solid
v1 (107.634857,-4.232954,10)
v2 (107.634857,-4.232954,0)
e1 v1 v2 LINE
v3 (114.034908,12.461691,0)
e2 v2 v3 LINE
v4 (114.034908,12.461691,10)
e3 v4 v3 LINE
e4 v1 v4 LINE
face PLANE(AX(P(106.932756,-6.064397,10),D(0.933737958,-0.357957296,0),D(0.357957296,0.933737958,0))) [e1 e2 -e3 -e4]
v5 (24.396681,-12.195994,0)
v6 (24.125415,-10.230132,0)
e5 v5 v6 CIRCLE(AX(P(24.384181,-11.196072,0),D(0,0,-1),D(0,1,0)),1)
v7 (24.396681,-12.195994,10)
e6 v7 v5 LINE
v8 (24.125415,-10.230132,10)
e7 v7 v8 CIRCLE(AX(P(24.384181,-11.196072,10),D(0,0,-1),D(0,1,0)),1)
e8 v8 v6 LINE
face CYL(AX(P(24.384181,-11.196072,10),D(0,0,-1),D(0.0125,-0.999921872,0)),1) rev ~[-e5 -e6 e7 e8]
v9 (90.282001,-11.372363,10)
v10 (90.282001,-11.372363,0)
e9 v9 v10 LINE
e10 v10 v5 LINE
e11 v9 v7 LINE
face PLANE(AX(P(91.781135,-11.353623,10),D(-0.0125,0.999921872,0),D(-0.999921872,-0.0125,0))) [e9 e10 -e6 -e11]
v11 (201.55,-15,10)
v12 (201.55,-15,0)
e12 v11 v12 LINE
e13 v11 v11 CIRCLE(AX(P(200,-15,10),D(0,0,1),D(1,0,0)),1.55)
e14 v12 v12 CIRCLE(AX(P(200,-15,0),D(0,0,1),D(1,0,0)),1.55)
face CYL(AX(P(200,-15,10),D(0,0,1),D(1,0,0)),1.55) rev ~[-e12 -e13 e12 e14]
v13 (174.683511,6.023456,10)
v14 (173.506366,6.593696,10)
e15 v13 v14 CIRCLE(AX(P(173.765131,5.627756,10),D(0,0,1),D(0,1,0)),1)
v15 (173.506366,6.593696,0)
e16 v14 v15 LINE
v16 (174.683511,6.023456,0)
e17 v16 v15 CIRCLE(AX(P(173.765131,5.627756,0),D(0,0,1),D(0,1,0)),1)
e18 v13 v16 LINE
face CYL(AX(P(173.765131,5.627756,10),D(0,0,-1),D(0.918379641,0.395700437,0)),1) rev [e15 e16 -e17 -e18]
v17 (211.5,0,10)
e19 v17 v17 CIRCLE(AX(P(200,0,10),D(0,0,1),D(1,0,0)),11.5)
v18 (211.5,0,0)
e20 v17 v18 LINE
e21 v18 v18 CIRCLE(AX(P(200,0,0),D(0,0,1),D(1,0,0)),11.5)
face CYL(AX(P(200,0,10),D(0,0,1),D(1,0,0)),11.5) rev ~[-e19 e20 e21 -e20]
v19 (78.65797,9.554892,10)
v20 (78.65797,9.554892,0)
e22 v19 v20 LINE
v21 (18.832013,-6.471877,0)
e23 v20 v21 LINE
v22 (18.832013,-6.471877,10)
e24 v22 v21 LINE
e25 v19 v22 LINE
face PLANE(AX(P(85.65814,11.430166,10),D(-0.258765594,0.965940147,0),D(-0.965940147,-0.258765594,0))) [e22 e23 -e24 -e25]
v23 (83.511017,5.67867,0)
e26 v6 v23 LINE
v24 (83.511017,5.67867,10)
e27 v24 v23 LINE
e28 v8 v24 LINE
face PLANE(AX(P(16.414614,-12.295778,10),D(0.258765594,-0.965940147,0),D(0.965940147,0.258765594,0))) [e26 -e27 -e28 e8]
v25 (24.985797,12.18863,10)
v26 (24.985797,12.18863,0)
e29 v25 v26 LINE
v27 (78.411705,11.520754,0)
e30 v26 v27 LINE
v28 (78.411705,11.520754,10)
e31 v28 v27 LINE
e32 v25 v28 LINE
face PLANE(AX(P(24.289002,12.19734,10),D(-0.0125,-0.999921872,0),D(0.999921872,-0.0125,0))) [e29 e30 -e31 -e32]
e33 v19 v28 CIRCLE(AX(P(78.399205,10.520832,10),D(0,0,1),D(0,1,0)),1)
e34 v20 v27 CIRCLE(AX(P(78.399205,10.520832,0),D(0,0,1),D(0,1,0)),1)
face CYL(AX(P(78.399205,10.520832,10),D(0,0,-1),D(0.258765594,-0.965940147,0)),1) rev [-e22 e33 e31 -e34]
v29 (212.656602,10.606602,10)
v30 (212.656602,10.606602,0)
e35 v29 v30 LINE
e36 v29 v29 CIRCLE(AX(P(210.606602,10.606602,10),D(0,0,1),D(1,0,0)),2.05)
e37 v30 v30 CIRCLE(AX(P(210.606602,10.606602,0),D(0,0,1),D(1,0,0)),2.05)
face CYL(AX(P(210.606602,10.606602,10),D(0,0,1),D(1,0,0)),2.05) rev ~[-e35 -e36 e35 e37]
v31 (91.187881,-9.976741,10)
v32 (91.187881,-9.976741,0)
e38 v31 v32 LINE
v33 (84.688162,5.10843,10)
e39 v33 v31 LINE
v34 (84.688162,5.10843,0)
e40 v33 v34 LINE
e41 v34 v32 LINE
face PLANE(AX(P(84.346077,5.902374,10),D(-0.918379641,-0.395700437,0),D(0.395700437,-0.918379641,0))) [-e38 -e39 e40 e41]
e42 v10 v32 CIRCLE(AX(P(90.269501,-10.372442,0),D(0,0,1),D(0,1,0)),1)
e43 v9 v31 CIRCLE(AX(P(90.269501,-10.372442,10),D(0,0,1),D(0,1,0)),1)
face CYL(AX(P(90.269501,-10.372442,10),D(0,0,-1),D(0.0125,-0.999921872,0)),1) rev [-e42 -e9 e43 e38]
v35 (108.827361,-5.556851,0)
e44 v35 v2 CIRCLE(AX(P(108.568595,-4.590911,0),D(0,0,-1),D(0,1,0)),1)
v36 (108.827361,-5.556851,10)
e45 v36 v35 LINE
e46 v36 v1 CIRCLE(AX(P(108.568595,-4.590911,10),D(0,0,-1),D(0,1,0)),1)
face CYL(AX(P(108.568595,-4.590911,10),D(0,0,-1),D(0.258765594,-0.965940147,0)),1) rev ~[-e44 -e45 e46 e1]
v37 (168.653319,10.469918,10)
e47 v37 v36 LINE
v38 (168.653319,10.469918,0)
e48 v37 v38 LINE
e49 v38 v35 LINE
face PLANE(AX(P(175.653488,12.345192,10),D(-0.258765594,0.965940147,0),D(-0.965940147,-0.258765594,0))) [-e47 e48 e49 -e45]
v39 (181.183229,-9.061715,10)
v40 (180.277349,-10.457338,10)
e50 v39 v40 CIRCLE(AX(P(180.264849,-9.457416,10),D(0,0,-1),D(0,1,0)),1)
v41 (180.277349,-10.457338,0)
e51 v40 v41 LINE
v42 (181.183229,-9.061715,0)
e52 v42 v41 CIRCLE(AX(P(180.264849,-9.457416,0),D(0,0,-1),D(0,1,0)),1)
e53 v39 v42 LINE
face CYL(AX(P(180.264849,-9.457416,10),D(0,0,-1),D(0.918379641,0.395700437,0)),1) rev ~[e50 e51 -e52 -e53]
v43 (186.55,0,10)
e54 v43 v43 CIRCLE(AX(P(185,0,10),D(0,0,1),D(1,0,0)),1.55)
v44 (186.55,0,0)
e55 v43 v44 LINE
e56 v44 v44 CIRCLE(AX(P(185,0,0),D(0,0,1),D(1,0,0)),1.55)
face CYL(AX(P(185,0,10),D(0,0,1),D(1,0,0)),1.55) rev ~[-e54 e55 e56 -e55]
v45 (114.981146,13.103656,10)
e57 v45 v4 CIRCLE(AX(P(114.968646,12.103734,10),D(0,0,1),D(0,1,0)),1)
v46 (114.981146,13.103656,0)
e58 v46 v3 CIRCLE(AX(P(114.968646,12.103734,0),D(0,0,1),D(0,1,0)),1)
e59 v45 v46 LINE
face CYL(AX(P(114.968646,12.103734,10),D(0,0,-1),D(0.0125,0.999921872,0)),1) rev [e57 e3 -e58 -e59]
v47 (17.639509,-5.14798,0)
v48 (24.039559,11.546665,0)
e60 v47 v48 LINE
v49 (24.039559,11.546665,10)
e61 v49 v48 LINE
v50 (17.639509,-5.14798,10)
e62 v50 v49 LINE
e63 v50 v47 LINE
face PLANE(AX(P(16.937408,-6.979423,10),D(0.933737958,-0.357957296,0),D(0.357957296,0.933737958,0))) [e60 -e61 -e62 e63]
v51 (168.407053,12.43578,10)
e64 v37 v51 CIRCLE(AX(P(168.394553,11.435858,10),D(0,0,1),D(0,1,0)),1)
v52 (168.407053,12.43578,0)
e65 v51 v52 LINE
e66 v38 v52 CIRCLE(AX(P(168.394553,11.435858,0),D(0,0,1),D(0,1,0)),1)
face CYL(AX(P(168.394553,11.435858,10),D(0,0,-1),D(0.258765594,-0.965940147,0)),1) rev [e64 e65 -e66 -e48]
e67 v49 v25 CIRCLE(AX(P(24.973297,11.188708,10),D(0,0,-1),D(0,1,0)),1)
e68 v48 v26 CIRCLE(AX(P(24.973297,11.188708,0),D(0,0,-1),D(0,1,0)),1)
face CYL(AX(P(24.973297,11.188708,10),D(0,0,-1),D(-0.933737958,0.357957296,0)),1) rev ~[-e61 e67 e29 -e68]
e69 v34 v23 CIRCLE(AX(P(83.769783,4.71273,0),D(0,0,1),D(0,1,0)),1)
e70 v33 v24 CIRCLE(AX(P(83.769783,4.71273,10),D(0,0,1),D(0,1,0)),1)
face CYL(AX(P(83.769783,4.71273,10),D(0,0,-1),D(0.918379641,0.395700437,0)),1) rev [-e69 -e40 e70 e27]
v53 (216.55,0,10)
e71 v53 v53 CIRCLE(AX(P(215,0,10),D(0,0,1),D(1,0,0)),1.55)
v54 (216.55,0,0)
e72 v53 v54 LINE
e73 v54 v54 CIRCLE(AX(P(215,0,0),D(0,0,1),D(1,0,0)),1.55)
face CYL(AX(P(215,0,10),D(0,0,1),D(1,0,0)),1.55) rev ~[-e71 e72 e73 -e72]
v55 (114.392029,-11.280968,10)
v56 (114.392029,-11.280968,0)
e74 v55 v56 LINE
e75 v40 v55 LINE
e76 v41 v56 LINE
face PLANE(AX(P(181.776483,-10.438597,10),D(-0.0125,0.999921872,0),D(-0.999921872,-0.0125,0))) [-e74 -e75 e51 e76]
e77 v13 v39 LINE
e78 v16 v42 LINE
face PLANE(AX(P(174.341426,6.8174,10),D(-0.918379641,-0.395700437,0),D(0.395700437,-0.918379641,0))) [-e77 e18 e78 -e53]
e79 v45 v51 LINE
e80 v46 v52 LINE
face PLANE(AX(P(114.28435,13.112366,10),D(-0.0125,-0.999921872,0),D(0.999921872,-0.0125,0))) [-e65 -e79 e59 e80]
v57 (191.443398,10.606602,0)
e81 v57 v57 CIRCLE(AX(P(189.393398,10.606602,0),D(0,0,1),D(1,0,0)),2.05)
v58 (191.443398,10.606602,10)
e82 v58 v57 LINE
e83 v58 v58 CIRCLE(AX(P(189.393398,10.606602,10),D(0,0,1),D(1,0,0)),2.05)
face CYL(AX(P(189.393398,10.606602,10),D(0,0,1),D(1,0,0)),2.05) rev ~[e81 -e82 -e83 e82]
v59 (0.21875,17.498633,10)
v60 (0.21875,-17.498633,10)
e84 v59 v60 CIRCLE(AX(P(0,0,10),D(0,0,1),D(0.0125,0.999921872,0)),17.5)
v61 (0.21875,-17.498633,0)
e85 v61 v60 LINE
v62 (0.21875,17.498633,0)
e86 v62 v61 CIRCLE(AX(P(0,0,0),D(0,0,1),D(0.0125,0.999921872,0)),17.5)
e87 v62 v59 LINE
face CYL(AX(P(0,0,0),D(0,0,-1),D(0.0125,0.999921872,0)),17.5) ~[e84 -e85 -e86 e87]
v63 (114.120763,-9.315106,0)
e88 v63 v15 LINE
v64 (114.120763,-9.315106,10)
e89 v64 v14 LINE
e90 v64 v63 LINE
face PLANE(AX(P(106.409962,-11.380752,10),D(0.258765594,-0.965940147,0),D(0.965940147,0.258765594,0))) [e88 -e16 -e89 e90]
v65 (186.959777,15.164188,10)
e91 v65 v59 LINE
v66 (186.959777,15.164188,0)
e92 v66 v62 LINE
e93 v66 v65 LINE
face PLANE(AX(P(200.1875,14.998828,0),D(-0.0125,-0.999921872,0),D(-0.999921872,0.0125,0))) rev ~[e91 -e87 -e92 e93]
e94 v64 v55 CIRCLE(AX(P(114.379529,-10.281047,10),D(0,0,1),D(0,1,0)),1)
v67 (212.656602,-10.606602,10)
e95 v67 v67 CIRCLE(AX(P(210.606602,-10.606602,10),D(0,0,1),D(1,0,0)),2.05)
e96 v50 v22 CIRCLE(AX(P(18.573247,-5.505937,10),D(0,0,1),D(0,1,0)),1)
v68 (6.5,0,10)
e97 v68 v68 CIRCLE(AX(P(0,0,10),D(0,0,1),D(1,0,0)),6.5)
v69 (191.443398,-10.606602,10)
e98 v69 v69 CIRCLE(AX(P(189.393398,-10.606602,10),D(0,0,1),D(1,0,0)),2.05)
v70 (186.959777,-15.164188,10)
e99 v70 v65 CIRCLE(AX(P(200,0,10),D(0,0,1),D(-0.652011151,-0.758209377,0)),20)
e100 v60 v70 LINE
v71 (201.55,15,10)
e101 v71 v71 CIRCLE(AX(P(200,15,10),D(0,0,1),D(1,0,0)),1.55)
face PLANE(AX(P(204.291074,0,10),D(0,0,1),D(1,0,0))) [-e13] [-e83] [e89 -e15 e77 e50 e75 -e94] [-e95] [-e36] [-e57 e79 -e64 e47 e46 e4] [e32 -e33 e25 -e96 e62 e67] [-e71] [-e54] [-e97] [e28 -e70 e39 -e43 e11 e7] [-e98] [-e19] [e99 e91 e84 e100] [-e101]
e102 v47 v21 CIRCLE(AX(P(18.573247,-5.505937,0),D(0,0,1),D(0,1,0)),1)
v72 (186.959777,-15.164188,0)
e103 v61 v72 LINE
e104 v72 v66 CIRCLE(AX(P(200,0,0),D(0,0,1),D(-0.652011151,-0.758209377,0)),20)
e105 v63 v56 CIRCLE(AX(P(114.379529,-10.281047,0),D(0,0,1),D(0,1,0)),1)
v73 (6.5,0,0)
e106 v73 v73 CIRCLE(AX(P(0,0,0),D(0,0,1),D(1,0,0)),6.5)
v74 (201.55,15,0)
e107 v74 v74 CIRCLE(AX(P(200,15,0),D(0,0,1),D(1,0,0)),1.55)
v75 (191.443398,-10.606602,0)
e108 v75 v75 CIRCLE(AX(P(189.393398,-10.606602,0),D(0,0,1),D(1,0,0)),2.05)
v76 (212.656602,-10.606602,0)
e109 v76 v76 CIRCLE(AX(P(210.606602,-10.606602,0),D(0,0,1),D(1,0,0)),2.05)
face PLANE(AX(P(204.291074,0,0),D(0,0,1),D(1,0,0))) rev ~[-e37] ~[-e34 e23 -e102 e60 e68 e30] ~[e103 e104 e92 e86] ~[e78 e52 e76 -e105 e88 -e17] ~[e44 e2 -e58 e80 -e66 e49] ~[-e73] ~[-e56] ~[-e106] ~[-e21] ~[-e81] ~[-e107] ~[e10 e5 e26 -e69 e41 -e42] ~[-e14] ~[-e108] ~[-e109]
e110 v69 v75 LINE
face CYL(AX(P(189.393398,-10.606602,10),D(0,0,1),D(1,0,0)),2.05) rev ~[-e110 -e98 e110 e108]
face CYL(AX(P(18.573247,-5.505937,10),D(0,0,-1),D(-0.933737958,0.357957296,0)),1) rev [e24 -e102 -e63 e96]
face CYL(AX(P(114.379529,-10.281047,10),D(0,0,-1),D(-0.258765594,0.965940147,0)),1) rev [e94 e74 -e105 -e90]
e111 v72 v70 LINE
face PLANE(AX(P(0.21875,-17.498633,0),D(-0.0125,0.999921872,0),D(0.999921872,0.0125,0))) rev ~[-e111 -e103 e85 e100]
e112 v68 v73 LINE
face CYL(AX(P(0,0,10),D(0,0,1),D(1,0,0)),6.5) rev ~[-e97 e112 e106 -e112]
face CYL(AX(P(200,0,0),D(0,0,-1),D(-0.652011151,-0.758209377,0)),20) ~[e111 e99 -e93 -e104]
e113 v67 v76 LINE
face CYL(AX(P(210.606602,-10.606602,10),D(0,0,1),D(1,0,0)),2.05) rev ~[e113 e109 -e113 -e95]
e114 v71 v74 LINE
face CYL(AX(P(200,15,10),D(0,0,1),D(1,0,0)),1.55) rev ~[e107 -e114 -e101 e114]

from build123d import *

# Parameters (mm, degrees)
EXTRUDE_1_DEPTH     = 10
SKETCH_2_R          = 6.5
CUT_EXTRUDE_1_DEPTH = 10
CUT_EXTRUDE_2_DEPTH = 10
FILLET_1_R          = 1
EXTRUDE_START       = -10
EXTRUDE_2_DEPTH     = 10
SKETCH_5_R          = 1.55
SKETCH_5_R_2        = 2.05
CUT_EXTRUDE_3_DEPTH = 10
SKETCH_6_R          = 11.5
CUT_EXTRUDE_4_DEPTH = 10


with BuildPart() as part:
    # 草图1 → 凸台-拉伸1 (new body)
    with BuildSketch(Plane.XY):
        with BuildLine():
            Line((200.1875, 14.998828079), (0.21875, 17.498632759))
            ThreePointArc((0.21875, 17.498632759), (-17.5, 0), (0.21875, -17.498632759))
            Line((0.21875, -17.498632759), (200.1875, -14.998828079))
            ThreePointArc((200.1875, -14.998828079), (215, 0), (200.1875, 14.998828079))
        make_face()
    extrude(amount=EXTRUDE_1_DEPTH)

    # 草图2 → 切除-拉伸1 (cut)
    with BuildSketch(Plane.XY.offset(10)):
        Circle(SKETCH_2_R)
    extrude(amount=-CUT_EXTRUDE_1_DEPTH, mode=Mode.SUBTRACT)

    # 草图3 → 切除-拉伸2 (cut)
    with BuildSketch(Plane.XY.offset(10)):
        Polygon((24.289001935, 12.19734043), (85.658139631, 11.430166271), (16.937408094, -6.979422532), align=None)
        Polygon((16.414613885, -12.295777972), (84.346077325, 5.902373893), (91.781134838, -11.353622851), align=None)
        Polygon((106.93275646, -6.06439659), (114.284350301, 13.112366373), (175.653487997, 12.345192214), align=None)
        Polygon((181.776483204, -10.438596909), (106.409962251, -11.380752029), (174.341425691, 6.817399835), align=None)
    extrude(amount=-CUT_EXTRUDE_2_DEPTH, mode=Mode.SUBTRACT)

    # 圆角1
    fillet_1_edges = [part.edges().sort_by_distance(p)[0] for p in [
        (84.346077325, 5.902373893, 5),
        (91.781134838, -11.353622851, 5),
        (16.414613885, -12.295777972, 5),
        (175.653487997, 12.345192214, 5),
        (106.93275646, -6.06439659, 5),
        (114.284350301, 13.112366373, 5),
        (174.341425691, 6.817399835, 5),
        (181.776483204, -10.438596909, 5),
        (106.409962251, -11.380752029, 5),
        (85.658139631, 11.430166271, 5),
        (16.937408094, -6.979422532, 5),
        (24.289001935, 12.19734043, 5),
    ]]
    fillet(fillet_1_edges, radius=FILLET_1_R)

    # 草图4 → 凸台-拉伸2 (add)
    with BuildSketch(Plane.XY.offset(10).offset(EXTRUDE_START)):
        with BuildLine():
            Line((186.959776982, 15.164187536), (200.1875, 14.998828079))
            ThreePointArc((200.1875, 14.998828079), (215, 0), (200.1875, -14.998828079))
            Line((200.1875, -14.998828079), (186.959776982, -15.164187536))
            ThreePointArc((186.959776982, -15.164187536), (220, 0), (186.959776982, 15.164187536))
        make_face()
    extrude(amount=EXTRUDE_2_DEPTH)

    # 草图5 → 切除-拉伸3 (cut)
    with BuildSketch(Plane.XY.offset(10)):
        with Locations((200, 15)):
            Circle(SKETCH_5_R)
        with Locations((215, 0)):
            Circle(SKETCH_5_R)
        with Locations((200, -15)):
            Circle(SKETCH_5_R)
        with Locations((185, 0)):
            Circle(SKETCH_5_R)
        with Locations((189.393398282, 10.606601718)):
            Circle(SKETCH_5_R_2)
        with Locations((210.606601718, 10.606601718)):
            Circle(SKETCH_5_R_2)
        with Locations((210.606601718, -10.606601718)):
            Circle(SKETCH_5_R_2)
        with Locations((189.393398282, -10.606601718)):
            Circle(SKETCH_5_R_2)
    extrude(amount=-CUT_EXTRUDE_3_DEPTH, mode=Mode.SUBTRACT)

    # 草图6 → 切除-拉伸4 (cut)
    with BuildSketch(Plane.XY.offset(10)):
        with Locations((200, 0)):
            Circle(SKETCH_6_R)
    extrude(amount=-CUT_EXTRUDE_4_DEPTH, mode=Mode.SUBTRACT)


solid = part.part
